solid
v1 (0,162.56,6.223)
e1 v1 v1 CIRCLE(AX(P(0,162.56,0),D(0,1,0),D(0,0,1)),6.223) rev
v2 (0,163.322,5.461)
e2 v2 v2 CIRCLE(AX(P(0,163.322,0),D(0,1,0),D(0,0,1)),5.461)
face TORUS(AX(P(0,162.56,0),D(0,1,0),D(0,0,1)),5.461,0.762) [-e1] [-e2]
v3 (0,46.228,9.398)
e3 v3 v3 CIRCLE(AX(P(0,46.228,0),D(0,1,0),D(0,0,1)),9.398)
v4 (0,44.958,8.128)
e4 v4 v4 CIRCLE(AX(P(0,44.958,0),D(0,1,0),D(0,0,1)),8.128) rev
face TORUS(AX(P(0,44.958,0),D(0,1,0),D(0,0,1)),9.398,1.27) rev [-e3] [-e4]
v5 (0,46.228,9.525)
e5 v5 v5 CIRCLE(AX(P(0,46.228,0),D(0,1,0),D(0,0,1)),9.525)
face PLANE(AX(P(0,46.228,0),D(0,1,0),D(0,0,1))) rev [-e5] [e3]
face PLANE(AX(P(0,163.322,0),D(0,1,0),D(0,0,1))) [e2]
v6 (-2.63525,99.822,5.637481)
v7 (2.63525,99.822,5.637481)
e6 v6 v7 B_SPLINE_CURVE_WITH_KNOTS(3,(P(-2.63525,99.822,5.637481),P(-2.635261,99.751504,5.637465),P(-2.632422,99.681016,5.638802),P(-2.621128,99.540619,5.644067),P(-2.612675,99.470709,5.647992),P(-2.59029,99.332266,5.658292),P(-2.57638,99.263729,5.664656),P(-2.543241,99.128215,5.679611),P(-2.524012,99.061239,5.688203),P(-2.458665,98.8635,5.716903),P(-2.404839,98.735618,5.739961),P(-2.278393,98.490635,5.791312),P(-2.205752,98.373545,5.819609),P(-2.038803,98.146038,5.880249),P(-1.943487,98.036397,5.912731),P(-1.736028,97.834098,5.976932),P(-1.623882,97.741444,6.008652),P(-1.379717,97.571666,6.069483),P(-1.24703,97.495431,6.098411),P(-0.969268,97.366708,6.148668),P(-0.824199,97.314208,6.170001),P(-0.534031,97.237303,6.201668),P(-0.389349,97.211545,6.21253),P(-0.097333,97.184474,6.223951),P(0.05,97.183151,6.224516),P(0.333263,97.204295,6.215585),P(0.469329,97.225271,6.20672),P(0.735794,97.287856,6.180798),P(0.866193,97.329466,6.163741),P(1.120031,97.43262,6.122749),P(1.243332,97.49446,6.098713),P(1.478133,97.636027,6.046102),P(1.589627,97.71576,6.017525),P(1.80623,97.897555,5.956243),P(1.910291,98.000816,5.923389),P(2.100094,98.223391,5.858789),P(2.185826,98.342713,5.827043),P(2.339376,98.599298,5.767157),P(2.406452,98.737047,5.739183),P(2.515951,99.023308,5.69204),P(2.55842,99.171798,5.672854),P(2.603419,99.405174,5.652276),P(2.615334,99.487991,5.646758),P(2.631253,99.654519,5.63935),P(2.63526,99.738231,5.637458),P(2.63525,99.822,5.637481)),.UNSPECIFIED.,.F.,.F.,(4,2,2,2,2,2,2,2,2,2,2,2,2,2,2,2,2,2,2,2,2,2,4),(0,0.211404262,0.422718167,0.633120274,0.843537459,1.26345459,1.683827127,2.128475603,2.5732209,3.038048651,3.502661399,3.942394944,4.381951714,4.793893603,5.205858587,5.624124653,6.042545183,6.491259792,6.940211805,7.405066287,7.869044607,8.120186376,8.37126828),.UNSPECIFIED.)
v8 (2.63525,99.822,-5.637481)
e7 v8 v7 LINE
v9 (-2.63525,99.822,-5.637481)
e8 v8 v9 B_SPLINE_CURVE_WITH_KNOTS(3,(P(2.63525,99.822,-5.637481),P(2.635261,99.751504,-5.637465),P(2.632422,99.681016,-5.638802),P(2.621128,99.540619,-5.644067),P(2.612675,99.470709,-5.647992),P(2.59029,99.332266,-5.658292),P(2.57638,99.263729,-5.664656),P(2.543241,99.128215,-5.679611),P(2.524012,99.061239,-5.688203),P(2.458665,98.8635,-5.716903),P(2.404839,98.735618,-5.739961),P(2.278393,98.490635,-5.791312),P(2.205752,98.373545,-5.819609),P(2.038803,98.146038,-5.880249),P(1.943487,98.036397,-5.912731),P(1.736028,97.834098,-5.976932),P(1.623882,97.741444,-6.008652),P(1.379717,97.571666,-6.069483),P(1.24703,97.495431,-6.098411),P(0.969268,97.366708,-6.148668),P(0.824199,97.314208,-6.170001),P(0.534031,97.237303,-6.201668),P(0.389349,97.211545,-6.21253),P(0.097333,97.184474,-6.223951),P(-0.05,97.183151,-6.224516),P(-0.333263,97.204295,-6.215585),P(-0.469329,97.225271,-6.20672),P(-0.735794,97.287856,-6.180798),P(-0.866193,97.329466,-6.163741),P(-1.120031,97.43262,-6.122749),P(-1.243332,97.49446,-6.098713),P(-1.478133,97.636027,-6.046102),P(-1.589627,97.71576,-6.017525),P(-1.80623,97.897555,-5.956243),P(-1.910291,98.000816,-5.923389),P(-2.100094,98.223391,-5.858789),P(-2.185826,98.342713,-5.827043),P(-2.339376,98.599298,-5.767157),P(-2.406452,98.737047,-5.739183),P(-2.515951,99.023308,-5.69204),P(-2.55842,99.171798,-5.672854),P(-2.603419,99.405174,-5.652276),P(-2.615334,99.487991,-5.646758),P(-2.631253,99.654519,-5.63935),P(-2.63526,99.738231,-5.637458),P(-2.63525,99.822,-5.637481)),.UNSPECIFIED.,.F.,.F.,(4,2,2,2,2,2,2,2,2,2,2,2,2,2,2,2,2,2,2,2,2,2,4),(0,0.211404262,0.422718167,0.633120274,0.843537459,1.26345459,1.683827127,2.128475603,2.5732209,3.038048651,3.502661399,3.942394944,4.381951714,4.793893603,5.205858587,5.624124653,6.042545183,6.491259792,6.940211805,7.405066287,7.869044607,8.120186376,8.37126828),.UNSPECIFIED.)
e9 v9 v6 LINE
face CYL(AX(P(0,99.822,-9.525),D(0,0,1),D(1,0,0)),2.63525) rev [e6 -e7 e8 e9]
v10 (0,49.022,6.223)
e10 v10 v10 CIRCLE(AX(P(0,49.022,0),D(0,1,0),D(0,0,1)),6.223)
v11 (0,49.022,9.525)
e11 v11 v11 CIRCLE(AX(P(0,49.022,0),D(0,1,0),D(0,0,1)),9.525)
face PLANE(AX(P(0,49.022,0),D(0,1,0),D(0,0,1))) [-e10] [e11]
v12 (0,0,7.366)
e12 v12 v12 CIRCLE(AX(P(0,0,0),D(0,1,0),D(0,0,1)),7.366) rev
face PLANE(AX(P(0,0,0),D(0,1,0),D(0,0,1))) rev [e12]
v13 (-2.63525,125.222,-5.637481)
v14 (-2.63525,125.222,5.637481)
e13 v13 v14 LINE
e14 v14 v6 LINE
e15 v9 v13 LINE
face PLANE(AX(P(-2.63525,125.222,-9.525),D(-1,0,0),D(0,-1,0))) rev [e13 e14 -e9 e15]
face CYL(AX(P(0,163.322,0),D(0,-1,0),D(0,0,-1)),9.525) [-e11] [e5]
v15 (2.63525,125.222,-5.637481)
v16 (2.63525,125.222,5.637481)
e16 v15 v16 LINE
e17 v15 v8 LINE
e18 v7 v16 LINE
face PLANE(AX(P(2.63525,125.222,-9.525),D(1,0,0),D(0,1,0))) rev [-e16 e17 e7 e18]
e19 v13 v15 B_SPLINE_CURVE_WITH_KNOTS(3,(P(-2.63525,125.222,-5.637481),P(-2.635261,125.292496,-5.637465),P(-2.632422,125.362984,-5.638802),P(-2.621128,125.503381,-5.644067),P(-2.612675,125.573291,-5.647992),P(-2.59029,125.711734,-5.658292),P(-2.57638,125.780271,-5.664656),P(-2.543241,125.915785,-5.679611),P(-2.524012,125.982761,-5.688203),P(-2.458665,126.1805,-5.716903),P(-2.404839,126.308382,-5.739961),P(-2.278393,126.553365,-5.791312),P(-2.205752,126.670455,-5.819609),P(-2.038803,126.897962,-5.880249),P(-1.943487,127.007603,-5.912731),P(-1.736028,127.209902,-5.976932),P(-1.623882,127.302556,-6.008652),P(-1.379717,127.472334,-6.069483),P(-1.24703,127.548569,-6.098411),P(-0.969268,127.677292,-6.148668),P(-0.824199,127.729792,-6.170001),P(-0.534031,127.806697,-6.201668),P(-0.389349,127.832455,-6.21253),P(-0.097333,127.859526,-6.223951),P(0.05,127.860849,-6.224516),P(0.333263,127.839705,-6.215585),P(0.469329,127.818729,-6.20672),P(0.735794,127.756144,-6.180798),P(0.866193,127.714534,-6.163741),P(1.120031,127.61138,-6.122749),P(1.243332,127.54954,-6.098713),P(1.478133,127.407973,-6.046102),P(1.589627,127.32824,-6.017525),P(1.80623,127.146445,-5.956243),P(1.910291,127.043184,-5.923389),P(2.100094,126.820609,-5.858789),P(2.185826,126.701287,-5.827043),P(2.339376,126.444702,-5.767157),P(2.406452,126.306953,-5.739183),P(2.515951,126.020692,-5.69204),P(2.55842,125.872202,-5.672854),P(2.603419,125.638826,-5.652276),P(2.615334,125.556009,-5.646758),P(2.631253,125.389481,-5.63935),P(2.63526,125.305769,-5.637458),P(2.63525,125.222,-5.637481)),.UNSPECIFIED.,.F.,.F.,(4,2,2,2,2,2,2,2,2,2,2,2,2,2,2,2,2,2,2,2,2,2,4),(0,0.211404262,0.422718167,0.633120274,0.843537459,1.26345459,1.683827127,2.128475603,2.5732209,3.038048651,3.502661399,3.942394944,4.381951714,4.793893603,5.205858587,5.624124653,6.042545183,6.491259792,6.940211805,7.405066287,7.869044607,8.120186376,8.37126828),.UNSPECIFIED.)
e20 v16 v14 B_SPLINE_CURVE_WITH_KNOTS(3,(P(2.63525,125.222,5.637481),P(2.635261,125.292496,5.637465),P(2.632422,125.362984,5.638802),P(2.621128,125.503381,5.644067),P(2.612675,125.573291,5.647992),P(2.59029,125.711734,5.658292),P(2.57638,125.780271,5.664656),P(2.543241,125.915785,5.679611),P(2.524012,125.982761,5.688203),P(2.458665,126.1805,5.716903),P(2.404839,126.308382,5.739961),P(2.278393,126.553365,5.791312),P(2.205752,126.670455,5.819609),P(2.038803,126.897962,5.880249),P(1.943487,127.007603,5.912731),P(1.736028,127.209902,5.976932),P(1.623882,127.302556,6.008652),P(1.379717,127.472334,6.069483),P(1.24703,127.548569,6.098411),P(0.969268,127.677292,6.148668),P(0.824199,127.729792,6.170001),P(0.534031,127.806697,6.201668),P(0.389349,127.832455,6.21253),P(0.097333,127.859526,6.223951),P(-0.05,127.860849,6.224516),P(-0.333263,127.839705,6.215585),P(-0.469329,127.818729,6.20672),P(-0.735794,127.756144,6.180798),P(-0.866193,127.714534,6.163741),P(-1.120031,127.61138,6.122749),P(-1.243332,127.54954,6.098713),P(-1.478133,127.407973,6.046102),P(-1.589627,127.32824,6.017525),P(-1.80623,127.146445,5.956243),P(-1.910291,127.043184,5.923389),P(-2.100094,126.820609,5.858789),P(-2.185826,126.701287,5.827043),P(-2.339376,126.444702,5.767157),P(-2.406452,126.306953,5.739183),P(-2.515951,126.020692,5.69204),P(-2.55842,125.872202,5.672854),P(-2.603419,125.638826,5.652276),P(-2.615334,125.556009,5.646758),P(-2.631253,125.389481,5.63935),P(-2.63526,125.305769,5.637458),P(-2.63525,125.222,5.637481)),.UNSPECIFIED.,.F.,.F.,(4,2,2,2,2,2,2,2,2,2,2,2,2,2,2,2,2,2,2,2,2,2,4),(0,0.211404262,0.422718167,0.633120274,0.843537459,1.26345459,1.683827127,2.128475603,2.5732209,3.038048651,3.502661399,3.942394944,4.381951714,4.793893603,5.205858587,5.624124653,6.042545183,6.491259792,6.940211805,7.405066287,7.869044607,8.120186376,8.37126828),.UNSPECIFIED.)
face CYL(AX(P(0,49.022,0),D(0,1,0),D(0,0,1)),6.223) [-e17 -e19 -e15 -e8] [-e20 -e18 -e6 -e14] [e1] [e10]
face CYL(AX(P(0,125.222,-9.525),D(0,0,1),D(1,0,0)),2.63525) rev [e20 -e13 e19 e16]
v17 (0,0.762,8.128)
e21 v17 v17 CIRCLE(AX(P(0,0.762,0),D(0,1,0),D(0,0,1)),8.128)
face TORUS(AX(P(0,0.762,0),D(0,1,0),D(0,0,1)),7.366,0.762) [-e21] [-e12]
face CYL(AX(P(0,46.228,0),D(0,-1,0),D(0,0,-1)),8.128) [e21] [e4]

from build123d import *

# Parameters (mm, degrees)
SKETCH1_R               = 9.525
BOSS_EXTRUDE1_DEPTH     = 163.322
SKETCH2_OUTSIDE_W       = 54.156
SKETCH2_OUTSIDE_H       = 54.156
SKETCH2_OUTSIDE_R       = 8.128
CUT_EXTRUDE1_DEPTH      = 46.228
SKETCH3_OUTSIDE_W       = 54.156
SKETCH3_OUTSIDE_H       = 54.156
SKETCH3_OUTSIDE_R       = 6.223
CUT_EXTRUDE2_DEPTH      = 114.3
FILLET1_R               = 1.27
CUT_EXTRUDE3_DEPTH      = 10.525
CUT_EXTRUDE3_DEPTH_BACK = 10.525
FILLET2_R               = 0.762
FILLET3_R               = 0.762


with BuildPart() as part:
    # Sketch1 → Boss-Extrude1 (new body)
    with BuildSketch(Plane(origin=(0, 0, 0), x_dir=(1, 0, 0), z_dir=(0, 1, 0))):
        Circle(SKETCH1_R)
    extrude(amount=BOSS_EXTRUDE1_DEPTH)

    # Sketch2 outside → Cut-Extrude1 (cut)
    with BuildSketch(Plane(origin=(0, 0, 0), x_dir=(1, 0, 0), z_dir=(0, 1, 0))):
        Rectangle(SKETCH2_OUTSIDE_W, SKETCH2_OUTSIDE_H)
        Circle(SKETCH2_OUTSIDE_R, mode=Mode.SUBTRACT)
    extrude(amount=CUT_EXTRUDE1_DEPTH, mode=Mode.SUBTRACT)

    # Sketch3 outside → Cut-Extrude2 (cut)
    with BuildSketch(Plane(origin=(0, 163.322, 0), x_dir=(1, 0, 0), z_dir=(0, 1, 0))):
        Rectangle(SKETCH3_OUTSIDE_W, SKETCH3_OUTSIDE_H)
        Circle(SKETCH3_OUTSIDE_R, mode=Mode.SUBTRACT)
    extrude(amount=-CUT_EXTRUDE2_DEPTH, mode=Mode.SUBTRACT)

    # Fillet1
    fillet1_edges = [part.edges().sort_by_distance(p)[0] for p in [
        (-8.128, 46.228, 0),
    ]]
    fillet(fillet1_edges, radius=FILLET1_R)

    # Sketch4 → Cut-Extrude3 (cut, two sides)
    with BuildSketch(Plane.XY) as cut_extrude3_sk:
        with BuildLine():
            Line((2.63525, 125.222), (2.63525, 99.822))
            ThreePointArc((2.63525, 99.822), (0, 97.18675), (-2.63525, 99.822))
            Line((-2.63525, 99.822), (-2.63525, 125.222))
            ThreePointArc((-2.63525, 125.222), (0, 127.85725), (2.63525, 125.222))
        make_face()
    extrude(amount=CUT_EXTRUDE3_DEPTH, mode=Mode.SUBTRACT)
    extrude(cut_extrude3_sk.sketch, amount=-CUT_EXTRUDE3_DEPTH_BACK, mode=Mode.SUBTRACT)

    # Fillet2
    fillet2_edges = [part.edges().sort_by_distance(p)[0] for p in [
        (-6.223, 163.322, 0),
    ]]
    fillet(fillet2_edges, radius=FILLET2_R)

    # Fillet3
    fillet3_edges = [part.edges().sort_by_distance(p)[0] for p in [
        (-8.128, 0, 0),
    ]]
    fillet(fillet3_edges, radius=FILLET3_R)


solid = part.part
